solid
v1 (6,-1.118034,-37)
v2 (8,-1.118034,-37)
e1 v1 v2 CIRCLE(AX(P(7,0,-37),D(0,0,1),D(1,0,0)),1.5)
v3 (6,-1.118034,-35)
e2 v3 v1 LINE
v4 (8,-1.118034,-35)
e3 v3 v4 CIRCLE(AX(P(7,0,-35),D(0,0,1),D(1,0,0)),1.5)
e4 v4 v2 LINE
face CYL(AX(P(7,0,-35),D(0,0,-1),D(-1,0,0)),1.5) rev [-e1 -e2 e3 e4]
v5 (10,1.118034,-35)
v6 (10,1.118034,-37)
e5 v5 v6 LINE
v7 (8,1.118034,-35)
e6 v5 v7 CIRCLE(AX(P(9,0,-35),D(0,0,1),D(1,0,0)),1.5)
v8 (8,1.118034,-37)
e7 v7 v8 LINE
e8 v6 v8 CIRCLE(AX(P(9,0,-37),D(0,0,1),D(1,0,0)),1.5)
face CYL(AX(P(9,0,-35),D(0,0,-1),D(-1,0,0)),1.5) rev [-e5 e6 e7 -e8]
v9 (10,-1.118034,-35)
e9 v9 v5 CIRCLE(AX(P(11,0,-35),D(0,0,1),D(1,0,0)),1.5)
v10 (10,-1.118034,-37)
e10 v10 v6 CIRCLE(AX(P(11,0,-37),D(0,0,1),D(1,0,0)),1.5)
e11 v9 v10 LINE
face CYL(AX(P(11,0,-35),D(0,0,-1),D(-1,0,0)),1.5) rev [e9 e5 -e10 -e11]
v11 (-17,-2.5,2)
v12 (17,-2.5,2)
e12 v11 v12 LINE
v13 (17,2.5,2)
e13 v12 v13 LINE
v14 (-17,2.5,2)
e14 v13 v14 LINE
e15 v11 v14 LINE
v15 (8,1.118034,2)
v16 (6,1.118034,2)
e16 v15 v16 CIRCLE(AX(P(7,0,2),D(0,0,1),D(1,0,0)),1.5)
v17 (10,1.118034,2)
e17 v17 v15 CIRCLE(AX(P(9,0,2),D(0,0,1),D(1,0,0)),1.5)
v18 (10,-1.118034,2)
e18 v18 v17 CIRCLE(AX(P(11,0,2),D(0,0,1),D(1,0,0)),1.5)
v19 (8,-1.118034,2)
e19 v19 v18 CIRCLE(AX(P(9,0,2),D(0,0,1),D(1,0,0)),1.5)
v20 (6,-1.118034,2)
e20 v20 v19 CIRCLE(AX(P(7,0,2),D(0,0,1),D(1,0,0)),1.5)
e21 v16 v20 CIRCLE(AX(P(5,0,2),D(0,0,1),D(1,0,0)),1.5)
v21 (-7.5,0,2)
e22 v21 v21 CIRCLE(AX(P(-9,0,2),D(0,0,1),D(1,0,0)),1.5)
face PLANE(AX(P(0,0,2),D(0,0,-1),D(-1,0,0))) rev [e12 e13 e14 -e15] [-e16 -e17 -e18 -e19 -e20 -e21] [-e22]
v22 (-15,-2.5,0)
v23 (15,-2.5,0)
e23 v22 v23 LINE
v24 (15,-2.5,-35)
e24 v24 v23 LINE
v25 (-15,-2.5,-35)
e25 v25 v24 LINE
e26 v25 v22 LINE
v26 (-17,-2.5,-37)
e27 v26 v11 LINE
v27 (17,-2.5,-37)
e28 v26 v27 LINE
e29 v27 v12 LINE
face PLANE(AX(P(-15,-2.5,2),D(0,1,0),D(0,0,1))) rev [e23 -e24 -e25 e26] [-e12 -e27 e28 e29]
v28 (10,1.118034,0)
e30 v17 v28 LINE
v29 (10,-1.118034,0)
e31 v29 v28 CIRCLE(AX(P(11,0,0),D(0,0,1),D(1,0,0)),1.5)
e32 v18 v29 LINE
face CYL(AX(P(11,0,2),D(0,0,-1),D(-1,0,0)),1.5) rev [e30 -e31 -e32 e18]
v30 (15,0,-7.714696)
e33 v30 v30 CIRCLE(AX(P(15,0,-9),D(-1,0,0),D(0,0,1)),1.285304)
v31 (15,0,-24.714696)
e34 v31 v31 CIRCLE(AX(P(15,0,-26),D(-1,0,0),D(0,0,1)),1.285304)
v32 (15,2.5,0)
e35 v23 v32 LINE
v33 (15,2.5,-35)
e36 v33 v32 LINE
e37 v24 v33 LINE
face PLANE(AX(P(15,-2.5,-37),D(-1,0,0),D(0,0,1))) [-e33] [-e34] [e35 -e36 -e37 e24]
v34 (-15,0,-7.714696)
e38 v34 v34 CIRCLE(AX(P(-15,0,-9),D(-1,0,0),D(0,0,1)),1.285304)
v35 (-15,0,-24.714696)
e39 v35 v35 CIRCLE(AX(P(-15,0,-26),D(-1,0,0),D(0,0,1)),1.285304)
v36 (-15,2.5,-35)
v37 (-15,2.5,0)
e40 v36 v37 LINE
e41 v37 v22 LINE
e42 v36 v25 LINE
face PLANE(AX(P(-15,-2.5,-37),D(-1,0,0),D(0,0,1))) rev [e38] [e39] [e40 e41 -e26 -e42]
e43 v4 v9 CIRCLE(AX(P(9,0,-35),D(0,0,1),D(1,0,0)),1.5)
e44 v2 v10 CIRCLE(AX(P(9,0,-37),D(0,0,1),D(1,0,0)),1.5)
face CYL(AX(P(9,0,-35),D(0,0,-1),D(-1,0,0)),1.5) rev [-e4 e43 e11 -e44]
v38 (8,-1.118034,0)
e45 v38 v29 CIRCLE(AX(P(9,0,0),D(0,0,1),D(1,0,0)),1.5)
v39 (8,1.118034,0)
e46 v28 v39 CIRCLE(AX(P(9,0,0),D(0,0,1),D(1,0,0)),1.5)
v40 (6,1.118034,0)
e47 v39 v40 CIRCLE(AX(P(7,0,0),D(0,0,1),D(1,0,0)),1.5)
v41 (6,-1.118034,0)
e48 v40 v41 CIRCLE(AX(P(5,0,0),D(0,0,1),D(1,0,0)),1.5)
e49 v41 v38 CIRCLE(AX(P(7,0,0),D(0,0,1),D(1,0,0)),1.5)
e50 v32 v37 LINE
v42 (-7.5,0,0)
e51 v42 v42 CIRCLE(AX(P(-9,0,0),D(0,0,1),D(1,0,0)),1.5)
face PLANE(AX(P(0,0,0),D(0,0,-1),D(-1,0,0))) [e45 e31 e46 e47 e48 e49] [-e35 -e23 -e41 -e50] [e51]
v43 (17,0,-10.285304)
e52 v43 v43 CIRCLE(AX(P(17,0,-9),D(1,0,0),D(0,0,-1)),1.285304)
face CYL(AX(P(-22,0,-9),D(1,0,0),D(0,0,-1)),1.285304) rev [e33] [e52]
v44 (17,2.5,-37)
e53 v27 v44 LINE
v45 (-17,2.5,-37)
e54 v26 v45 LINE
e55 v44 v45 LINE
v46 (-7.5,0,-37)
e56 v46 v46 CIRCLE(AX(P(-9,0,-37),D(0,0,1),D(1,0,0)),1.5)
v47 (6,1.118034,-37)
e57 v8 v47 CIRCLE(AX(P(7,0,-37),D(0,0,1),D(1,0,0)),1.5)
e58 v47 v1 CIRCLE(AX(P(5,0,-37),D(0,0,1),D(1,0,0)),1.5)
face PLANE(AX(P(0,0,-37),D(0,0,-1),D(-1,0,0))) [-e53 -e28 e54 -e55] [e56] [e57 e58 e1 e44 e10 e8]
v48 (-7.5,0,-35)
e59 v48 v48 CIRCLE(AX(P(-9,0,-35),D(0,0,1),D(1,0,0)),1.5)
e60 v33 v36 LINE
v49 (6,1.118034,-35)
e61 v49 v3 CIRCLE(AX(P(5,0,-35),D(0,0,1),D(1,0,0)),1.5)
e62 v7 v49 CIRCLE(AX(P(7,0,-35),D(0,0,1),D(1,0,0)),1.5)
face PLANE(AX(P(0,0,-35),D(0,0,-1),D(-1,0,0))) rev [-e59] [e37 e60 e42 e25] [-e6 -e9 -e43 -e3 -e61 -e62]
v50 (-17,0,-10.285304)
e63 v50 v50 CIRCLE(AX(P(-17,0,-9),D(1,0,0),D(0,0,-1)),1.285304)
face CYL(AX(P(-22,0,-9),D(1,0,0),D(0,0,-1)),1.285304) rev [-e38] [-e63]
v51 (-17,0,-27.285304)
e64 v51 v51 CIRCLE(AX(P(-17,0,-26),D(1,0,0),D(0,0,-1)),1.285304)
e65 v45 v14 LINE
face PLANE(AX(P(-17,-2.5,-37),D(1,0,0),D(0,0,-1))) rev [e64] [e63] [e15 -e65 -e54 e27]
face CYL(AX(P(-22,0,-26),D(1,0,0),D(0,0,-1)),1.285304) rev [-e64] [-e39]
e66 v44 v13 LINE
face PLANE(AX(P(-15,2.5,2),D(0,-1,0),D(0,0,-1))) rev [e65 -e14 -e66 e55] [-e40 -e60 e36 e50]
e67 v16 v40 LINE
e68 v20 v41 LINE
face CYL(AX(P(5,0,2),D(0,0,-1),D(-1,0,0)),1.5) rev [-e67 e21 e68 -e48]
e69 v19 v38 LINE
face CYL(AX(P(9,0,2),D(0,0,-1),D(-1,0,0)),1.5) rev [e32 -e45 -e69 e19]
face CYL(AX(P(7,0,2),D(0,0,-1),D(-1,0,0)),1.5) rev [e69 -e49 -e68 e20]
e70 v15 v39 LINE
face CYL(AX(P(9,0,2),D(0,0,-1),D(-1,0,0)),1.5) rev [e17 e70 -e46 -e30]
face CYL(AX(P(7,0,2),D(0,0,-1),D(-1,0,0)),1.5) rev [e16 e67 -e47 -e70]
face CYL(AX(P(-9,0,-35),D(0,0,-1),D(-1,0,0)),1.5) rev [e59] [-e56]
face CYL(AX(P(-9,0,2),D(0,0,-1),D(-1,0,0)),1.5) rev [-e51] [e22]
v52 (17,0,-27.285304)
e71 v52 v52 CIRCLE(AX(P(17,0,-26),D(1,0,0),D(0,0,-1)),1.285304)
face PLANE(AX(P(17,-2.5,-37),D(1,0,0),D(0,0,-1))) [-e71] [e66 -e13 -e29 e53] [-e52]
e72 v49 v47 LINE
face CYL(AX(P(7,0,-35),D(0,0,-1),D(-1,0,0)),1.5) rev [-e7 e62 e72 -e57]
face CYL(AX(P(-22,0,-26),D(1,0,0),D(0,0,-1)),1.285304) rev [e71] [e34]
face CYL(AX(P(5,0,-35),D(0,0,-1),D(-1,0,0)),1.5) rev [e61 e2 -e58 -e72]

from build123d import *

# Parameters (mm, degrees)
ESBO_O1_W                = 30
ESBO_O1_H                = 5
ESBO_O1_R                = 1.5
RESSALTO_EXTRUS_O1_DEPTH = 2
ESBO_O3_W                = 2
ESBO_O3_H                = 5
RESSALTO_EXTRUS_O2_DEPTH = 39
PADR_O_LINEAR1_COUNT     = 2
PADR_O_LINEAR1_PITCH     = 37
ESBO_O4_R                = 1.285304246
CORTE_EXTRUS_O1_DEPTH    = 39


with BuildPart() as part:
    # Esboço1 → Ressalto-extrusão1 (new body)
    with BuildSketch(Plane.XY):
        Rectangle(ESBO_O1_W, ESBO_O1_H)
        with Locations((-9, 0)):
            Circle(ESBO_O1_R, mode=Mode.SUBTRACT)
        with BuildLine():
            ThreePointArc((6, 1.118033989), (3.5, 0), (6, -1.118033989))
            ThreePointArc((6, -1.118033989), (7, -1.5), (8, -1.118033989))
            ThreePointArc((8, -1.118033989), (9, -1.5), (10, -1.118033989))
            ThreePointArc((10, -1.118033989), (12.5, 0), (10, 1.118033989))
            ThreePointArc((10, 1.118033989), (9, 1.5), (8, 1.118033989))
            ThreePointArc((8, 1.118033989), (7, 1.5), (6, 1.118033989))
        make_face(mode=Mode.SUBTRACT)
    ressalto_extrus_o1 = extrude(amount=RESSALTO_EXTRUS_O1_DEPTH)

    # Esboço3 → Ressalto-extrusão2 (add)
    with BuildSketch(Plane.XY.offset(2)):
        with Locations((16, 0)):
            Rectangle(ESBO_O3_W, ESBO_O3_H)
    ressalto_extrus_o2 = extrude(amount=-RESSALTO_EXTRUS_O2_DEPTH)

    # Padrão linear1: Ressalto-extrusão1 ×2
    with Locations(*[(0, 0, -i * PADR_O_LINEAR1_PITCH) for i in range(1, PADR_O_LINEAR1_COUNT)]):
        add(ressalto_extrus_o1)

    # Espelhar1: Ressalto-extrusão2 across plane
    add(ressalto_extrus_o2.mirror(Plane(origin=(0, 0, 0), x_dir=(0, 0, 1), z_dir=(1, 0, 0))))

    # Esboço4 → Corte-extrusão1 (cut)
    with BuildSketch(Plane(origin=(17, 0, 0), x_dir=(0, 0, -1), z_dir=(1, 0, 0))):
        with Locations((9, 0)):
            Circle(ESBO_O4_R)
        with Locations((26, 0)):
            Circle(ESBO_O4_R)
    extrude(amount=-CORTE_EXTRUS_O1_DEPTH, mode=Mode.SUBTRACT)


solid = part.part
